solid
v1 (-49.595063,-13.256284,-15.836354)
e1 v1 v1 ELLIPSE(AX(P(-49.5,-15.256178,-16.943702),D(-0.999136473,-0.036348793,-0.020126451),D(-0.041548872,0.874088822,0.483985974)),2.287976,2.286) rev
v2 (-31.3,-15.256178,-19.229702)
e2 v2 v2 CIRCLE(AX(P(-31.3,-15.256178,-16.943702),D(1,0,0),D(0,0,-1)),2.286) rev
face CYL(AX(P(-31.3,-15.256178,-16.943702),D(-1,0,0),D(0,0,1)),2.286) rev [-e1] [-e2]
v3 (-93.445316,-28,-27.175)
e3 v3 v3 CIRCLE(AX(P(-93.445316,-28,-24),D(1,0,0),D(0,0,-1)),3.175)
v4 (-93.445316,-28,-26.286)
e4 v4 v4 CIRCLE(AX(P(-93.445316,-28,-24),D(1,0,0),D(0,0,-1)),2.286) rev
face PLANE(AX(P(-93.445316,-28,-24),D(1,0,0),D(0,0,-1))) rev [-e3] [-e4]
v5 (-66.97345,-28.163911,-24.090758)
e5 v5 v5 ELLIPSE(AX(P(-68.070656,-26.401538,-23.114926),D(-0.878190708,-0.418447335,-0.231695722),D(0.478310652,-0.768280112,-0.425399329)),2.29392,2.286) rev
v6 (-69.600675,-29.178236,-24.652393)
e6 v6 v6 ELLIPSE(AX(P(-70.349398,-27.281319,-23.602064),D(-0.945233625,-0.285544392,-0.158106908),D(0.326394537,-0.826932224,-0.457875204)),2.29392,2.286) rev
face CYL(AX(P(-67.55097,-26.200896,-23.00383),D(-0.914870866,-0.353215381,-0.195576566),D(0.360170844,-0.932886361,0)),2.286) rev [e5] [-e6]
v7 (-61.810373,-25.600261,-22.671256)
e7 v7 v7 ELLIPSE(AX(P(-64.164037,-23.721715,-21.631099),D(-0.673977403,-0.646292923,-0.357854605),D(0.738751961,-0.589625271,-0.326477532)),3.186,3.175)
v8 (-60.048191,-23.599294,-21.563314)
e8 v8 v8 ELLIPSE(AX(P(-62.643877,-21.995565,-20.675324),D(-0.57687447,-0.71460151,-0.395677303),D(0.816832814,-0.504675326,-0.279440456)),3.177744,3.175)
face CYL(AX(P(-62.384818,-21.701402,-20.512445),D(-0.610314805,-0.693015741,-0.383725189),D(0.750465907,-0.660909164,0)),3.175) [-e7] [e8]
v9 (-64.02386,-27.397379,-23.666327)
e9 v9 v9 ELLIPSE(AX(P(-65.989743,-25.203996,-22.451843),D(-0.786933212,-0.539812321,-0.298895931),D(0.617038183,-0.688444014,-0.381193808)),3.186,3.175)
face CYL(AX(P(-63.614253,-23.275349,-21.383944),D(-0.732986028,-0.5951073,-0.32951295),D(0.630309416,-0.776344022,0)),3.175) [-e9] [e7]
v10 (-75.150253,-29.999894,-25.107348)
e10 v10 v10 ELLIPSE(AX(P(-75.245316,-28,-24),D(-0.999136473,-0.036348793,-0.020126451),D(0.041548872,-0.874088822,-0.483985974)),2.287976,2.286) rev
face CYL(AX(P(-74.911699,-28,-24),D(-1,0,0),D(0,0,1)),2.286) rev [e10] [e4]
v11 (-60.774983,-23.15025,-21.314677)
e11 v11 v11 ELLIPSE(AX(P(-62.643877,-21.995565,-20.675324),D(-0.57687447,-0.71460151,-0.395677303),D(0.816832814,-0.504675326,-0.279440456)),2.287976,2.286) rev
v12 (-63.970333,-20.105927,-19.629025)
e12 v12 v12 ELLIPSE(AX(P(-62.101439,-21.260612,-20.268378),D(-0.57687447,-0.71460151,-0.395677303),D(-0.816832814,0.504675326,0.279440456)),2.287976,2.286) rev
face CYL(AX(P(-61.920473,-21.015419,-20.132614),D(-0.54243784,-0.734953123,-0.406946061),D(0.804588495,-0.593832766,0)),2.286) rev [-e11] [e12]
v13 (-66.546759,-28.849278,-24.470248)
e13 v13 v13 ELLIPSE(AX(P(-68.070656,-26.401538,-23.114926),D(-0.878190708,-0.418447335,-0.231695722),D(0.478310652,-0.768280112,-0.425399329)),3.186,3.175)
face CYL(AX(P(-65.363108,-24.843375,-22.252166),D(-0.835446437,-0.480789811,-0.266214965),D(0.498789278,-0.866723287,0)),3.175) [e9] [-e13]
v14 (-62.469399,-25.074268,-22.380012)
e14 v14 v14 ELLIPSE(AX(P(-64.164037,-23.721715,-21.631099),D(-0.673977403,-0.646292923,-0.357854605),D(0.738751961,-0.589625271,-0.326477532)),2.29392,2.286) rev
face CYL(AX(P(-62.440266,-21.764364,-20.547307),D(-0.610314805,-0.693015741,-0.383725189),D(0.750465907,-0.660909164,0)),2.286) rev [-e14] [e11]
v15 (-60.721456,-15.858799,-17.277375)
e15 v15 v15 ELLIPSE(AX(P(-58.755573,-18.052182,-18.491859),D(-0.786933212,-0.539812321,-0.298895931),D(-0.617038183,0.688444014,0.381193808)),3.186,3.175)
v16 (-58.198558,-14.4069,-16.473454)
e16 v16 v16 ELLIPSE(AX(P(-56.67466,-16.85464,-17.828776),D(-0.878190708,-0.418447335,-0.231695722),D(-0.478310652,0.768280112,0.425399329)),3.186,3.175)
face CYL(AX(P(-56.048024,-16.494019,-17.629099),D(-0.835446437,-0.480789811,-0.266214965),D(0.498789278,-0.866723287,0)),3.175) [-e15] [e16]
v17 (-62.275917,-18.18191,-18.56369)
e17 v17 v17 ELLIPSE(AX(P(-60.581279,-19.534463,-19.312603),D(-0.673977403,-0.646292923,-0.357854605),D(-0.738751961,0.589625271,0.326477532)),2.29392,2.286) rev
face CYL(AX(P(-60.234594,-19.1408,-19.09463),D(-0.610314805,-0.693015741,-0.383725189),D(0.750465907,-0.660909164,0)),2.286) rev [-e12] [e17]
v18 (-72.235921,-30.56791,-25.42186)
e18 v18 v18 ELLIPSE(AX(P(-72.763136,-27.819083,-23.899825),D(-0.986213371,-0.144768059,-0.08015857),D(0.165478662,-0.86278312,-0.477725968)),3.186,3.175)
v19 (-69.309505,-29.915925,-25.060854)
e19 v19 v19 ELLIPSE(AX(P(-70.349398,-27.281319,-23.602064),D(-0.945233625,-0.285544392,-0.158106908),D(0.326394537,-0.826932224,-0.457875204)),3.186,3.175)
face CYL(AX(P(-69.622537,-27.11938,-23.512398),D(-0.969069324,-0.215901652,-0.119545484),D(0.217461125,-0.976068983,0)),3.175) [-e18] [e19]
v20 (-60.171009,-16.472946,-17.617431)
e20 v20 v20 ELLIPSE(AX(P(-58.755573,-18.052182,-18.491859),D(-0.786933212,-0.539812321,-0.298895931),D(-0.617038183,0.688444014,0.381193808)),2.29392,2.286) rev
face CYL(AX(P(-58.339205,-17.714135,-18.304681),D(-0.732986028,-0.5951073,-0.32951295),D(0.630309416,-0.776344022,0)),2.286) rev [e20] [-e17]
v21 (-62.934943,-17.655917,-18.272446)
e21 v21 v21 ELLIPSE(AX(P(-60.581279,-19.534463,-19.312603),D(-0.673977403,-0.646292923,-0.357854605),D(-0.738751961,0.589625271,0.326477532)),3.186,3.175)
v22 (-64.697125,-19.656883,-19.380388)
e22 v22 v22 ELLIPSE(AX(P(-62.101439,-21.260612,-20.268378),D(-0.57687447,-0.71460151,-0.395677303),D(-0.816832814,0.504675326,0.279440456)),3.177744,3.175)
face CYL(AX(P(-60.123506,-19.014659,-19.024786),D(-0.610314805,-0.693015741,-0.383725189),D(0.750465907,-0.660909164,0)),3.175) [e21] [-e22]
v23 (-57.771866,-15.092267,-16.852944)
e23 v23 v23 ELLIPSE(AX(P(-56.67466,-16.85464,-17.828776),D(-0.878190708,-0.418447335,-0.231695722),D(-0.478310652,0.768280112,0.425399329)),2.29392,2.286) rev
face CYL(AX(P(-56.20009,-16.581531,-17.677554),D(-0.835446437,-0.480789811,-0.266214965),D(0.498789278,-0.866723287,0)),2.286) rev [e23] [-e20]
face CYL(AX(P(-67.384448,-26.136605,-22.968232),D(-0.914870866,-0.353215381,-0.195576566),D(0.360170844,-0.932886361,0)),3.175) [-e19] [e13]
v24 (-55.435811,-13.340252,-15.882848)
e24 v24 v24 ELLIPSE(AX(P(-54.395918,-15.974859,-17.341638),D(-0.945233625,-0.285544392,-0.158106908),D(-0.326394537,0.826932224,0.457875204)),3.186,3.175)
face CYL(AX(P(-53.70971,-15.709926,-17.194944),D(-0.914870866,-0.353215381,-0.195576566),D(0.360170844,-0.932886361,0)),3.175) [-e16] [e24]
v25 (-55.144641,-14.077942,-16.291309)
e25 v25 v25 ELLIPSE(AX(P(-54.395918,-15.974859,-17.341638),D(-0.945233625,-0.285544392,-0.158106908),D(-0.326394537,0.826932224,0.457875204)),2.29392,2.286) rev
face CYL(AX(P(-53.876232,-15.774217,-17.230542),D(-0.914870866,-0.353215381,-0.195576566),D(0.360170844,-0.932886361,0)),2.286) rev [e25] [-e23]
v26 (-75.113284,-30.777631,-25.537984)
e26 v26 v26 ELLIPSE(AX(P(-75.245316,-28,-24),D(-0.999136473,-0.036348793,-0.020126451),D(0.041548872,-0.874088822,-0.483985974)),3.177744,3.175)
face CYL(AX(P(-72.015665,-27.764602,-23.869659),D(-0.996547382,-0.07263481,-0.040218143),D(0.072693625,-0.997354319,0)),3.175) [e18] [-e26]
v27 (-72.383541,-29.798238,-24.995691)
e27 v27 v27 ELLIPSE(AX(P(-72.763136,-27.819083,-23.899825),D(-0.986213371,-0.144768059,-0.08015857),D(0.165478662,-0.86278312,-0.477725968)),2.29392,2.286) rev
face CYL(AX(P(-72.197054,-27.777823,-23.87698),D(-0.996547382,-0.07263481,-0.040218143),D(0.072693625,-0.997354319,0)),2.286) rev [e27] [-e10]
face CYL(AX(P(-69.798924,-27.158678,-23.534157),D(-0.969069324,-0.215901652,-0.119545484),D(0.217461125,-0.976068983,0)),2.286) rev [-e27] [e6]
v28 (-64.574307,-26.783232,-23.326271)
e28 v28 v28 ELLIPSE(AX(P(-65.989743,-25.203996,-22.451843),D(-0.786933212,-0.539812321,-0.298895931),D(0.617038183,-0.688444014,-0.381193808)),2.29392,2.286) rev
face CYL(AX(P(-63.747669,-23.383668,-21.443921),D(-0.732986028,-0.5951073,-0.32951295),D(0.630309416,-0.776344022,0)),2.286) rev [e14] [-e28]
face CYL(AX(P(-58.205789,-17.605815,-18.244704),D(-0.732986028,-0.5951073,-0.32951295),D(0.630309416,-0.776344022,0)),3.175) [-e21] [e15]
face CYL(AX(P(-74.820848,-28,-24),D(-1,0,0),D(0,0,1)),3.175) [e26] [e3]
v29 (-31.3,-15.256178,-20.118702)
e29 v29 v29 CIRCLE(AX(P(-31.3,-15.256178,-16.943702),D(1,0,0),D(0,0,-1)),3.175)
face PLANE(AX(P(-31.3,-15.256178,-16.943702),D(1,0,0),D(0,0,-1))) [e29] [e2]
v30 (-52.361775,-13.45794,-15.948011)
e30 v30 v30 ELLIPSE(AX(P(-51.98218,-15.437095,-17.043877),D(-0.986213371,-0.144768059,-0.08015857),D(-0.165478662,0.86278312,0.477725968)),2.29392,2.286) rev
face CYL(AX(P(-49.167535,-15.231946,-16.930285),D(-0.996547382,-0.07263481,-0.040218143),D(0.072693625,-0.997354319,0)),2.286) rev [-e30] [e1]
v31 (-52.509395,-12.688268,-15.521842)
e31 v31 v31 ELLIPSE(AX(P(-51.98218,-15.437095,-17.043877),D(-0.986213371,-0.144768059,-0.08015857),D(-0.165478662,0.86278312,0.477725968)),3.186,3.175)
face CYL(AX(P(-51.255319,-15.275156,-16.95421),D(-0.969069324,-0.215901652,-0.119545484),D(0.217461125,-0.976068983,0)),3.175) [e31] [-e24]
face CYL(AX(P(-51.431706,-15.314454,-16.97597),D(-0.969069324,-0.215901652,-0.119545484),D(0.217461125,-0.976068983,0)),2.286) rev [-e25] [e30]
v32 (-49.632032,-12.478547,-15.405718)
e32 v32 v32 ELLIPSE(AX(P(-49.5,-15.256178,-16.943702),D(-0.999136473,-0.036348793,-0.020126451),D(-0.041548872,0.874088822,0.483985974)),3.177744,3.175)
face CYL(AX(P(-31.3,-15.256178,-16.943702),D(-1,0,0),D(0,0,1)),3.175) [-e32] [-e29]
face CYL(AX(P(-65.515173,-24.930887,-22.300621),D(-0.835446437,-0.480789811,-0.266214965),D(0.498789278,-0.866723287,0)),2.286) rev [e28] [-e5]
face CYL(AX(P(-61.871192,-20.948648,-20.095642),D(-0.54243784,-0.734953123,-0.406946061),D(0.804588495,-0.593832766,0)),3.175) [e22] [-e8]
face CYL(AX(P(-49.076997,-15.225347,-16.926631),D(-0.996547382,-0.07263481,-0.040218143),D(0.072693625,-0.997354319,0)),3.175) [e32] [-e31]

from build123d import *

# Parameters (mm, degrees)
PROFILE_R   = 3.175
PROFILE_R_2 = 2.286


with BuildPart() as part:
    # Tube: sweep along a curve in space
    with BuildLine() as tube_path:
        Line((-31.3, -15.256177825, -16.943702021), (-49.5, -15.256177825, -16.943702021))
        Line((-49.5, -15.256177825, -16.943702021), (-51.982179924, -15.43709513, -17.043876552))
        Line((-51.982179924, -15.43709513, -17.043876552), (-54.395918059, -15.974858567, -17.341638009))
        Line((-54.395918059, -15.974858567, -17.341638009), (-56.674659779, -16.854640244, -17.828776136))
        Line((-56.674659779, -16.854640244, -17.828776136), (-58.75557275, -18.052181714, -18.491858949))
        Line((-58.75557275, -18.052181714, -18.491858949), (-60.58127942, -19.534462857, -19.312603094))
        Line((-60.58127942, -19.534462857, -19.312603094), (-62.101439107, -21.260612351, -20.26837798))
        Line((-62.101439107, -21.260612351, -20.26837798), (-62.643876948, -21.995565474, -20.675324041))
        Line((-62.643876948, -21.995565474, -20.675324041), (-64.164036635, -23.721714968, -21.631098927))
        Line((-64.164036635, -23.721714968, -21.631098927), (-65.989743305, -25.203996111, -22.451843072))
        Line((-65.989743305, -25.203996111, -22.451843072), (-68.070656276, -26.401537581, -23.114925885))
        Line((-68.070656276, -26.401537581, -23.114925885), (-70.349397996, -27.281319258, -23.602064012))
        Line((-70.349397996, -27.281319258, -23.602064012), (-72.763136131, -27.819082695, -23.899825468))
        Line((-72.763136131, -27.819082695, -23.899825468), (-75.245316055, -28, -24))
        Line((-75.245316055, -28, -24), (-93.445316055, -28, -24))
    # Profile → Tube (sweep)
    with BuildSketch(Plane(origin=(-31.3, 0, 0), x_dir=(0, 0, -1), z_dir=(1, 0, 0))):
        with Locations((16.943702021, -15.256177825)):
            Circle(PROFILE_R)
        with Locations((16.943702021, -15.256177825)):
            Circle(PROFILE_R_2, mode=Mode.SUBTRACT)
    sweep(path=tube_path.line, transition=Transition.RIGHT)


solid = part.part
